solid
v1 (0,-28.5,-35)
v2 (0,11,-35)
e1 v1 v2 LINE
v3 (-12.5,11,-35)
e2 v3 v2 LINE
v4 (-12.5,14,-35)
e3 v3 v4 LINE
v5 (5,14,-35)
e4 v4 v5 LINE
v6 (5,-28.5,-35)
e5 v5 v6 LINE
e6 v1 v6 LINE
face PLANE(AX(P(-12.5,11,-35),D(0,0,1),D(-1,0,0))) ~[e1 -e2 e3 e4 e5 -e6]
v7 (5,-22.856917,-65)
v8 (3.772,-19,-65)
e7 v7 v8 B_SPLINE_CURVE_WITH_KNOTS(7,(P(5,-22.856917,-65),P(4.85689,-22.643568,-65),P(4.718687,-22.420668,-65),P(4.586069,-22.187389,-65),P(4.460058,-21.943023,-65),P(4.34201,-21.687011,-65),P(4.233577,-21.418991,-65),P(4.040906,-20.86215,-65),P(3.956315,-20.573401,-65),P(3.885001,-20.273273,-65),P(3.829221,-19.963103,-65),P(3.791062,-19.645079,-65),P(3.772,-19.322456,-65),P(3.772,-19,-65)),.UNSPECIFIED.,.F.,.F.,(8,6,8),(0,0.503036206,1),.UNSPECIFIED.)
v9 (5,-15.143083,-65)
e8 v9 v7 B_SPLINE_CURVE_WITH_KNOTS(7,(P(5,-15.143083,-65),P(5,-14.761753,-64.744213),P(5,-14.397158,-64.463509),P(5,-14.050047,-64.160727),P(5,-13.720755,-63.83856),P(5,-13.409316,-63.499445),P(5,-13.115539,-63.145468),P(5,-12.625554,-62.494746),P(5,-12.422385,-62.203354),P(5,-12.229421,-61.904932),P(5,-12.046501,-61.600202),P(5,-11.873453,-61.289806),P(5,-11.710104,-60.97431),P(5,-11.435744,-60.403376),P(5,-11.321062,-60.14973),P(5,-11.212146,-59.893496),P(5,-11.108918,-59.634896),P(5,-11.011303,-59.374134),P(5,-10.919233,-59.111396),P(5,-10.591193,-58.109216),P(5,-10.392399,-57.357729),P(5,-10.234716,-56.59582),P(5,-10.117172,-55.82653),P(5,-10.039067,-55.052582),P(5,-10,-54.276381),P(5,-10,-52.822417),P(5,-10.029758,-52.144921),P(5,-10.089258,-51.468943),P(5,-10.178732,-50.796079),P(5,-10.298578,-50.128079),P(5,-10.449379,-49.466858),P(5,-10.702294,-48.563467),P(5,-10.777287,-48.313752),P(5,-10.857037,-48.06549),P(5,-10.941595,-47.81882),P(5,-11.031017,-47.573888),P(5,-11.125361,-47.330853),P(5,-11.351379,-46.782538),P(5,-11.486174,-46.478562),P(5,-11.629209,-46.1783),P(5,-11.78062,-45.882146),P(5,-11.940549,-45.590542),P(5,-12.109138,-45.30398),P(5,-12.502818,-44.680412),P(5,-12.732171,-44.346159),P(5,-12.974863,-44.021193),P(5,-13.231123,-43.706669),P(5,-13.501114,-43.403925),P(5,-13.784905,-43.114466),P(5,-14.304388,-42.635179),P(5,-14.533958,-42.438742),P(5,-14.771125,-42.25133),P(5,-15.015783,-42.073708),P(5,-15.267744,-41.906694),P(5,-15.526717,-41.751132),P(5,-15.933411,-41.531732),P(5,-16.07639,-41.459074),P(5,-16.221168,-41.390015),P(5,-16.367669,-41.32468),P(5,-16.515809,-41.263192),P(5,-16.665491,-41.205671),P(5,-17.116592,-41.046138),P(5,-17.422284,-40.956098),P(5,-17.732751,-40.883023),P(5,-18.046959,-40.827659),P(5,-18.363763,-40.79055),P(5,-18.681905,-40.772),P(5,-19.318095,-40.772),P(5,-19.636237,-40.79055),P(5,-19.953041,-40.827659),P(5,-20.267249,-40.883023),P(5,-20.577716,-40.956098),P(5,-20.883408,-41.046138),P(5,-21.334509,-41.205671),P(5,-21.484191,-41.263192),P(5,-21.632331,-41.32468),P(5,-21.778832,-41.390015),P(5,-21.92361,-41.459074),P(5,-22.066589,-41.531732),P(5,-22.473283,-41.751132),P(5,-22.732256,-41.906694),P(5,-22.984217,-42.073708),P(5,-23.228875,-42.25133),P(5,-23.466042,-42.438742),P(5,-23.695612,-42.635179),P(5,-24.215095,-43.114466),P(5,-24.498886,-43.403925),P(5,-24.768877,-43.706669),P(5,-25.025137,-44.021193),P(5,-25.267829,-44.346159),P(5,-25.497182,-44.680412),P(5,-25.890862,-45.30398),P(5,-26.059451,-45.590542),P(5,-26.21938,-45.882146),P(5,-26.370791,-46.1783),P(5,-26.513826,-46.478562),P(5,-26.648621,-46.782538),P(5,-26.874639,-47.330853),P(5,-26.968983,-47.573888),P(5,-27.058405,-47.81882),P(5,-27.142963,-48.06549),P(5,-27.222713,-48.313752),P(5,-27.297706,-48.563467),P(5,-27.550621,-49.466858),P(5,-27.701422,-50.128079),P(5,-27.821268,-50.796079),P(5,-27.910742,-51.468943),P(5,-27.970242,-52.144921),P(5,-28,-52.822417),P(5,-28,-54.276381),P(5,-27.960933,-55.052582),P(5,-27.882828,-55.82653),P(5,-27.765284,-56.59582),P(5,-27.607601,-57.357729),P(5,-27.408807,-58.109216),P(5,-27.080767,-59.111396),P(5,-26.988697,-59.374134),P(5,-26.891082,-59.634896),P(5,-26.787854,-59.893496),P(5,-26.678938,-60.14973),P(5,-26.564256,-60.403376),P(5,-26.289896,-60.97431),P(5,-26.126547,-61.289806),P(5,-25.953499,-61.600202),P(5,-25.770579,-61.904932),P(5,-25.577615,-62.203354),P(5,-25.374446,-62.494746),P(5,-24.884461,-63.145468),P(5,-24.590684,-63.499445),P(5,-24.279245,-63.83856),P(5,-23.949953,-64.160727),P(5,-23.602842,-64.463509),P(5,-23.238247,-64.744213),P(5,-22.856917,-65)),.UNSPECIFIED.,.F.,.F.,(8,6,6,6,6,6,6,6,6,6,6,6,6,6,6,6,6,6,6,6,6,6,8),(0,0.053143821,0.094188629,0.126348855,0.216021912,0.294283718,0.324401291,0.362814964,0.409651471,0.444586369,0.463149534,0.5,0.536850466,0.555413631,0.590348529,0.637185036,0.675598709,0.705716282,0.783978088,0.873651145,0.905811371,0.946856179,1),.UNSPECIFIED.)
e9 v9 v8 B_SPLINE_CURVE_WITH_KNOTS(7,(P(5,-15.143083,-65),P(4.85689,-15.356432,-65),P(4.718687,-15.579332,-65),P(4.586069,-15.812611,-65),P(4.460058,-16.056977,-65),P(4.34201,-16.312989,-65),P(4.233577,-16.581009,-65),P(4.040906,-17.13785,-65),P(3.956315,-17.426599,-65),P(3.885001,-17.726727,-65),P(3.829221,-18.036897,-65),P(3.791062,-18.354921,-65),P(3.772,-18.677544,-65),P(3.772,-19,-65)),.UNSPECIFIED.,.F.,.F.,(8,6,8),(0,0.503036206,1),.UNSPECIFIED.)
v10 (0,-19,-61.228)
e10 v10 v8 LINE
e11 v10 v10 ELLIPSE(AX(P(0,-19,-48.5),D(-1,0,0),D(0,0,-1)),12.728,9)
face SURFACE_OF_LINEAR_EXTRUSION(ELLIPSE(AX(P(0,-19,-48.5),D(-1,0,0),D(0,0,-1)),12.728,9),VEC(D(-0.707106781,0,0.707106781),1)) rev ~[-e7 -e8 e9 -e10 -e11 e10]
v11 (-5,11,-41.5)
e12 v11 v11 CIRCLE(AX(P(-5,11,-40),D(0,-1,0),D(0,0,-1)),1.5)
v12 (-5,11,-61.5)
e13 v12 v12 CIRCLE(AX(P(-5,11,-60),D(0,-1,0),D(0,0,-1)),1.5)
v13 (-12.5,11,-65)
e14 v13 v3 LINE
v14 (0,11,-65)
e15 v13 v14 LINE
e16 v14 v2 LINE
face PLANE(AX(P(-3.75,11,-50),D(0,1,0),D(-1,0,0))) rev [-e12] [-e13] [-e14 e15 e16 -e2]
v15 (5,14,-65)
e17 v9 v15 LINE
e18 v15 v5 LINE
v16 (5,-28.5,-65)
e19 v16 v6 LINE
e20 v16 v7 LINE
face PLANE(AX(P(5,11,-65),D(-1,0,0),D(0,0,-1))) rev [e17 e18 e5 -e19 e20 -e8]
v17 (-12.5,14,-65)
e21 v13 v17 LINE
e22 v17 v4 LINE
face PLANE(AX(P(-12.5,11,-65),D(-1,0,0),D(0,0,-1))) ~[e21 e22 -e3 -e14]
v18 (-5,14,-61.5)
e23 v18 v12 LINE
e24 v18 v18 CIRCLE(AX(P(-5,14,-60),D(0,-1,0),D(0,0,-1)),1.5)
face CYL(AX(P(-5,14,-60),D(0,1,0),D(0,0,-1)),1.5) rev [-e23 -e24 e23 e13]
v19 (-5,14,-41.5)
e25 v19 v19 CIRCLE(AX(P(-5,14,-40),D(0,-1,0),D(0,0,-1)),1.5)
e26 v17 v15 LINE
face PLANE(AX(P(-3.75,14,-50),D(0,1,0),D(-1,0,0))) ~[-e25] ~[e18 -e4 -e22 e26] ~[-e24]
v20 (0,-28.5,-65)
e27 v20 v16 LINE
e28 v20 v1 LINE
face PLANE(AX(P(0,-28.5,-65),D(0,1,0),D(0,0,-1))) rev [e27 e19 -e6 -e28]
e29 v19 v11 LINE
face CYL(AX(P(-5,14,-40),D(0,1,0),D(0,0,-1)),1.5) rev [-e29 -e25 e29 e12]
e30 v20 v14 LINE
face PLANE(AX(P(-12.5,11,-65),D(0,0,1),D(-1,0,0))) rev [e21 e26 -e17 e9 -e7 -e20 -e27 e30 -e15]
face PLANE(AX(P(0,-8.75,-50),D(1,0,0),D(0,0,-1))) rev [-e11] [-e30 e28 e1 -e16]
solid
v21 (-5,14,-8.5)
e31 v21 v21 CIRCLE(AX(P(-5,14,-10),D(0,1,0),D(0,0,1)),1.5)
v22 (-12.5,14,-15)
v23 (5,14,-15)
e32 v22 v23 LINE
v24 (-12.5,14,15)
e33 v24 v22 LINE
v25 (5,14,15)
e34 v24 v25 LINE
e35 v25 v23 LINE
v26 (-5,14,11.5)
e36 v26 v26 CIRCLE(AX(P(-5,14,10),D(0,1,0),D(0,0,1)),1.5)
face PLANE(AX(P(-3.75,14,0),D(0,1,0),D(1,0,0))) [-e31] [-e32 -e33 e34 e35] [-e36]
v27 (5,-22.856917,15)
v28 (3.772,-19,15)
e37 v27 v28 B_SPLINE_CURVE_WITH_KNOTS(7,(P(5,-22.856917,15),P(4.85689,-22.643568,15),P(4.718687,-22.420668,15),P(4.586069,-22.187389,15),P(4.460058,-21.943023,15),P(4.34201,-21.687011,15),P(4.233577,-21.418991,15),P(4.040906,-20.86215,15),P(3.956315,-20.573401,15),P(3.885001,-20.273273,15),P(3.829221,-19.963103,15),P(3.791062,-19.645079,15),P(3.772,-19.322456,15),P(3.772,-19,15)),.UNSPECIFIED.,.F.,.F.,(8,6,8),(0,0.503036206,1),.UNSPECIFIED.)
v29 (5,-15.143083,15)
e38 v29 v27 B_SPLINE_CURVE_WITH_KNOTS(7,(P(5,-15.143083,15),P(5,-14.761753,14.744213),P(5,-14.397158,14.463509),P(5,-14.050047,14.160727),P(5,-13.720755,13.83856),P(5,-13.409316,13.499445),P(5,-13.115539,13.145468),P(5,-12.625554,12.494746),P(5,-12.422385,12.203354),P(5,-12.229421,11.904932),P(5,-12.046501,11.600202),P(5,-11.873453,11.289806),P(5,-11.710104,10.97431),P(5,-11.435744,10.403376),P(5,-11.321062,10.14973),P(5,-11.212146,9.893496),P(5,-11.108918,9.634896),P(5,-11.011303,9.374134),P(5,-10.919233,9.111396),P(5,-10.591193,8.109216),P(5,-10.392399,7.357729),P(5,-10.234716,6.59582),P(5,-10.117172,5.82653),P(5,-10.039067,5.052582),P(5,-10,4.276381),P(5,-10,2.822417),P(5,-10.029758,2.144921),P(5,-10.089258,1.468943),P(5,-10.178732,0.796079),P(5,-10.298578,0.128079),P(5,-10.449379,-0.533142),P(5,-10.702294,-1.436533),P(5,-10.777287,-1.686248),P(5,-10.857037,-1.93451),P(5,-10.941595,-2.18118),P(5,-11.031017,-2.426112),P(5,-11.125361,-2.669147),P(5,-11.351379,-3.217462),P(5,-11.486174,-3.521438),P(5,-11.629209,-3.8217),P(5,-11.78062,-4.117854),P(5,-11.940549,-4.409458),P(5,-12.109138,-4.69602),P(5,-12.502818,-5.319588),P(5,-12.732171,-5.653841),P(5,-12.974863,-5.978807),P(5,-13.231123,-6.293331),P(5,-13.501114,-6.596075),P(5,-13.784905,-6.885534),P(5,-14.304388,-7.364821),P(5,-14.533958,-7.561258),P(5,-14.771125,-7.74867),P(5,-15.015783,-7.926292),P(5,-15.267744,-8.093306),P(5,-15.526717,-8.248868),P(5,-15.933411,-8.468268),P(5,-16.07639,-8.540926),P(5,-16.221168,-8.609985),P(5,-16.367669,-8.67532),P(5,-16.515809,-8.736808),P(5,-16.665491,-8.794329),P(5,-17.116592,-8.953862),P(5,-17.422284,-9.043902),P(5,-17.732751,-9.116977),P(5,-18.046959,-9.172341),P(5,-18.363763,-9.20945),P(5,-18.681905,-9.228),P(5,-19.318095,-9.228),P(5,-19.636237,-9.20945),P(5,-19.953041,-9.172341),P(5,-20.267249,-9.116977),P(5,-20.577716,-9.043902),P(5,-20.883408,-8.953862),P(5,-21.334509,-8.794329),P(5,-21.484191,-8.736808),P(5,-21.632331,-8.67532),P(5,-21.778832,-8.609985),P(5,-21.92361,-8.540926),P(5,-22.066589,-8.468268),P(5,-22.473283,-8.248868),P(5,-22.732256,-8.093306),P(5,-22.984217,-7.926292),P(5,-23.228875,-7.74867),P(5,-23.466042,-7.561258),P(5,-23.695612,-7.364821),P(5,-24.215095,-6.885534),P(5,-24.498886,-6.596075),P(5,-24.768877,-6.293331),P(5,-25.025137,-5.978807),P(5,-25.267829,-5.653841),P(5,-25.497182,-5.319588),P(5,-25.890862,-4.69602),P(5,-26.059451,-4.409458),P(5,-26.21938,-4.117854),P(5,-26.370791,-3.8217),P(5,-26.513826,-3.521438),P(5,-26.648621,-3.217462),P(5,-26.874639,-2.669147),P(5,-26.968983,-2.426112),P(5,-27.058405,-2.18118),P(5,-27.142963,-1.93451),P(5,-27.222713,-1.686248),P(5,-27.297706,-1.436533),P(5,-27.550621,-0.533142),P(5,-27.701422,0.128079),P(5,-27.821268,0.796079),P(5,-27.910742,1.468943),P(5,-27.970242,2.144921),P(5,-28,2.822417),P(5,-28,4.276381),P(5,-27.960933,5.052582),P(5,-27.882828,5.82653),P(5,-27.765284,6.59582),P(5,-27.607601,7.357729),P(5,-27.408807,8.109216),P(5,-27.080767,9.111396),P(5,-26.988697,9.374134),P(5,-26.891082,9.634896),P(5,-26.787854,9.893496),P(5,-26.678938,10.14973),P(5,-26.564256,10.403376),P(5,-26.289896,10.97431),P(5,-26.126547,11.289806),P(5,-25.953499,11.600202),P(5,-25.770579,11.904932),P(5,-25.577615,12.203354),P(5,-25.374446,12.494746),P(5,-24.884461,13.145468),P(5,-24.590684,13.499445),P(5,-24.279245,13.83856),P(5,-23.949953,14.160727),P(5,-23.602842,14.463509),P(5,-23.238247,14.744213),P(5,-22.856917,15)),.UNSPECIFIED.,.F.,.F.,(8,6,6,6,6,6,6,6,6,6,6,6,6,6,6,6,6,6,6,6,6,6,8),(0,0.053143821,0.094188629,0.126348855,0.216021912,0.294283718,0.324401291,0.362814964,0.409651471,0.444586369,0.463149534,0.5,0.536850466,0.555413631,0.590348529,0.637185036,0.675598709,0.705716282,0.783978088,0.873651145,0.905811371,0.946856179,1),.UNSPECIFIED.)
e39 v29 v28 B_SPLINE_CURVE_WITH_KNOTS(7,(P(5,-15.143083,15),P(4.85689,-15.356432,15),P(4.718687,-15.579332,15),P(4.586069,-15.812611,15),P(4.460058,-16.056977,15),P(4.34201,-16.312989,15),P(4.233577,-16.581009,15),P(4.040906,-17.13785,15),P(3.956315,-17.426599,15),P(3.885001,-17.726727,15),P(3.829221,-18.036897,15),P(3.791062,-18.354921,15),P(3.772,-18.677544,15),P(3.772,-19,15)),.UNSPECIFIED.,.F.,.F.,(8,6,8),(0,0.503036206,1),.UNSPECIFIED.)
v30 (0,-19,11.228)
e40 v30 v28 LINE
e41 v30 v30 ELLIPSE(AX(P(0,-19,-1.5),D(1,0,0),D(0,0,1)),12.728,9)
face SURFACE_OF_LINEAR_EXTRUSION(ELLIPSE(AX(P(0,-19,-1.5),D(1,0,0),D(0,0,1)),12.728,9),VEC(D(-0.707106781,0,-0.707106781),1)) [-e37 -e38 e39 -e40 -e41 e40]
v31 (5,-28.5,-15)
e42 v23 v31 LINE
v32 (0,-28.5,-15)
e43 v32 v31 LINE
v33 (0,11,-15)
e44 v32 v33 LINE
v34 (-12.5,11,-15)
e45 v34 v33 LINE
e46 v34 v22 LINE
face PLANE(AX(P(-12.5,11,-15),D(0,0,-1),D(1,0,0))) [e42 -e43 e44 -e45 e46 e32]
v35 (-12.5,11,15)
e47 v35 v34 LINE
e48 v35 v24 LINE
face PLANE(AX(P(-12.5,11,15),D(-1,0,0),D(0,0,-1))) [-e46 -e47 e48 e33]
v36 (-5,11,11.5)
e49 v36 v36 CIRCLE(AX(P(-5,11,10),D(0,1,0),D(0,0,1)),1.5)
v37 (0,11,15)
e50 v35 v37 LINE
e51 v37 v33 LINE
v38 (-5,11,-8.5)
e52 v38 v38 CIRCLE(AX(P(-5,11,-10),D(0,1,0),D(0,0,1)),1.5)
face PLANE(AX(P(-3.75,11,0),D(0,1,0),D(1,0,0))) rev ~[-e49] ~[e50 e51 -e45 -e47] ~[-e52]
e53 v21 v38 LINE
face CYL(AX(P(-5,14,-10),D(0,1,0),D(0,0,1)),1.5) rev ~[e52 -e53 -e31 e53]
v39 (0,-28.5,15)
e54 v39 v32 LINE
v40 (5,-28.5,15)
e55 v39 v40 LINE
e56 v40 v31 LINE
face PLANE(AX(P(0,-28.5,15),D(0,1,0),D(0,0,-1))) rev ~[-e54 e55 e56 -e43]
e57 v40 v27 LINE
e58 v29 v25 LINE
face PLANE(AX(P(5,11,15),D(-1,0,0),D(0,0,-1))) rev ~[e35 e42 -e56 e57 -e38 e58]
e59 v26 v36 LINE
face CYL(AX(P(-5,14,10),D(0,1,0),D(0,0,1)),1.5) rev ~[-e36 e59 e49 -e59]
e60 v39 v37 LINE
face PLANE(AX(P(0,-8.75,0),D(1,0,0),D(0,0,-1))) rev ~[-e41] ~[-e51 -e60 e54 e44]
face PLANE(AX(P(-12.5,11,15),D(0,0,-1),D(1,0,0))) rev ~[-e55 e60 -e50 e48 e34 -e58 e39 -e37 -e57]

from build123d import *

# Parameters (mm, degrees)
SKETCH_1_W          = 30
SKETCH_1_H          = 39.5
EXTRUDE_1_DEPTH     = 5
SKETCH_3_W          = 17.5
SKETCH_3_H          = 30
EXTRUDE_2_DEPTH     = 3
SKETCH_6_R          = 1.5
CUT_EXTRUDE_2_DEPTH = 3
SKETCH_7_RX         = 12.728
SKETCH_7_RY         = 9
CUT_EXTRUDE_3_DEPTH = 10


with BuildPart() as part:
    # 草图1 → 凸台-拉伸1 (new body)
    with BuildSketch(Plane(origin=(0, 0, 0), x_dir=(0, 0, -1), z_dir=(1, 0, 0))):
        with Locations((0, -8.75)):
            Rectangle(SKETCH_1_W, SKETCH_1_H)
    extrude(amount=EXTRUDE_1_DEPTH)

    # 草图3 → 凸台-拉伸2 (add)
    with BuildSketch(Plane(origin=(0, 11, 0), x_dir=(1, 0, 0), z_dir=(0, 1, 0))):
        with Locations((-3.75, 0)):
            Rectangle(SKETCH_3_W, SKETCH_3_H)
    extrude(amount=EXTRUDE_2_DEPTH)

    # 草图6 → 切除-拉伸2 (cut)
    with BuildSketch(Plane(origin=(0, 14, 0), x_dir=(1, 0, 0), z_dir=(0, 1, 0))):
        with Locations(Location((-5, 10, 0), (0, 0, 270))):
            Circle(SKETCH_6_R)
        with Locations(Location((-5, -10, 0), (0, 0, 270))):
            Circle(SKETCH_6_R)
    extrude(amount=-CUT_EXTRUDE_2_DEPTH, mode=Mode.SUBTRACT)

    # 草图7 → 切除-拉伸3 (cut, along a direction that is not the sketch's normal)
    with BuildSketch(Plane(origin=(0, 0, 0), x_dir=(0, 0, -1), z_dir=(1, 0, 0))):
        with Locations(Location((1.5, -19), (0, 0, 180))):
            Ellipse(SKETCH_7_RX, SKETCH_7_RY)
    extrude(amount=CUT_EXTRUDE_3_DEPTH, dir=(0.7071067811865512, 0, 0.7071067811865439), mode=Mode.SUBTRACT)


with BuildPart() as body_2:
    # 镜向1: mirrored copy
    add(part.part.mirror(Plane(origin=(0, 0, -25), x_dir=(1, 0, 0), z_dir=(0, 0, -1))))


solid = Compound([part.part, body_2.part])
